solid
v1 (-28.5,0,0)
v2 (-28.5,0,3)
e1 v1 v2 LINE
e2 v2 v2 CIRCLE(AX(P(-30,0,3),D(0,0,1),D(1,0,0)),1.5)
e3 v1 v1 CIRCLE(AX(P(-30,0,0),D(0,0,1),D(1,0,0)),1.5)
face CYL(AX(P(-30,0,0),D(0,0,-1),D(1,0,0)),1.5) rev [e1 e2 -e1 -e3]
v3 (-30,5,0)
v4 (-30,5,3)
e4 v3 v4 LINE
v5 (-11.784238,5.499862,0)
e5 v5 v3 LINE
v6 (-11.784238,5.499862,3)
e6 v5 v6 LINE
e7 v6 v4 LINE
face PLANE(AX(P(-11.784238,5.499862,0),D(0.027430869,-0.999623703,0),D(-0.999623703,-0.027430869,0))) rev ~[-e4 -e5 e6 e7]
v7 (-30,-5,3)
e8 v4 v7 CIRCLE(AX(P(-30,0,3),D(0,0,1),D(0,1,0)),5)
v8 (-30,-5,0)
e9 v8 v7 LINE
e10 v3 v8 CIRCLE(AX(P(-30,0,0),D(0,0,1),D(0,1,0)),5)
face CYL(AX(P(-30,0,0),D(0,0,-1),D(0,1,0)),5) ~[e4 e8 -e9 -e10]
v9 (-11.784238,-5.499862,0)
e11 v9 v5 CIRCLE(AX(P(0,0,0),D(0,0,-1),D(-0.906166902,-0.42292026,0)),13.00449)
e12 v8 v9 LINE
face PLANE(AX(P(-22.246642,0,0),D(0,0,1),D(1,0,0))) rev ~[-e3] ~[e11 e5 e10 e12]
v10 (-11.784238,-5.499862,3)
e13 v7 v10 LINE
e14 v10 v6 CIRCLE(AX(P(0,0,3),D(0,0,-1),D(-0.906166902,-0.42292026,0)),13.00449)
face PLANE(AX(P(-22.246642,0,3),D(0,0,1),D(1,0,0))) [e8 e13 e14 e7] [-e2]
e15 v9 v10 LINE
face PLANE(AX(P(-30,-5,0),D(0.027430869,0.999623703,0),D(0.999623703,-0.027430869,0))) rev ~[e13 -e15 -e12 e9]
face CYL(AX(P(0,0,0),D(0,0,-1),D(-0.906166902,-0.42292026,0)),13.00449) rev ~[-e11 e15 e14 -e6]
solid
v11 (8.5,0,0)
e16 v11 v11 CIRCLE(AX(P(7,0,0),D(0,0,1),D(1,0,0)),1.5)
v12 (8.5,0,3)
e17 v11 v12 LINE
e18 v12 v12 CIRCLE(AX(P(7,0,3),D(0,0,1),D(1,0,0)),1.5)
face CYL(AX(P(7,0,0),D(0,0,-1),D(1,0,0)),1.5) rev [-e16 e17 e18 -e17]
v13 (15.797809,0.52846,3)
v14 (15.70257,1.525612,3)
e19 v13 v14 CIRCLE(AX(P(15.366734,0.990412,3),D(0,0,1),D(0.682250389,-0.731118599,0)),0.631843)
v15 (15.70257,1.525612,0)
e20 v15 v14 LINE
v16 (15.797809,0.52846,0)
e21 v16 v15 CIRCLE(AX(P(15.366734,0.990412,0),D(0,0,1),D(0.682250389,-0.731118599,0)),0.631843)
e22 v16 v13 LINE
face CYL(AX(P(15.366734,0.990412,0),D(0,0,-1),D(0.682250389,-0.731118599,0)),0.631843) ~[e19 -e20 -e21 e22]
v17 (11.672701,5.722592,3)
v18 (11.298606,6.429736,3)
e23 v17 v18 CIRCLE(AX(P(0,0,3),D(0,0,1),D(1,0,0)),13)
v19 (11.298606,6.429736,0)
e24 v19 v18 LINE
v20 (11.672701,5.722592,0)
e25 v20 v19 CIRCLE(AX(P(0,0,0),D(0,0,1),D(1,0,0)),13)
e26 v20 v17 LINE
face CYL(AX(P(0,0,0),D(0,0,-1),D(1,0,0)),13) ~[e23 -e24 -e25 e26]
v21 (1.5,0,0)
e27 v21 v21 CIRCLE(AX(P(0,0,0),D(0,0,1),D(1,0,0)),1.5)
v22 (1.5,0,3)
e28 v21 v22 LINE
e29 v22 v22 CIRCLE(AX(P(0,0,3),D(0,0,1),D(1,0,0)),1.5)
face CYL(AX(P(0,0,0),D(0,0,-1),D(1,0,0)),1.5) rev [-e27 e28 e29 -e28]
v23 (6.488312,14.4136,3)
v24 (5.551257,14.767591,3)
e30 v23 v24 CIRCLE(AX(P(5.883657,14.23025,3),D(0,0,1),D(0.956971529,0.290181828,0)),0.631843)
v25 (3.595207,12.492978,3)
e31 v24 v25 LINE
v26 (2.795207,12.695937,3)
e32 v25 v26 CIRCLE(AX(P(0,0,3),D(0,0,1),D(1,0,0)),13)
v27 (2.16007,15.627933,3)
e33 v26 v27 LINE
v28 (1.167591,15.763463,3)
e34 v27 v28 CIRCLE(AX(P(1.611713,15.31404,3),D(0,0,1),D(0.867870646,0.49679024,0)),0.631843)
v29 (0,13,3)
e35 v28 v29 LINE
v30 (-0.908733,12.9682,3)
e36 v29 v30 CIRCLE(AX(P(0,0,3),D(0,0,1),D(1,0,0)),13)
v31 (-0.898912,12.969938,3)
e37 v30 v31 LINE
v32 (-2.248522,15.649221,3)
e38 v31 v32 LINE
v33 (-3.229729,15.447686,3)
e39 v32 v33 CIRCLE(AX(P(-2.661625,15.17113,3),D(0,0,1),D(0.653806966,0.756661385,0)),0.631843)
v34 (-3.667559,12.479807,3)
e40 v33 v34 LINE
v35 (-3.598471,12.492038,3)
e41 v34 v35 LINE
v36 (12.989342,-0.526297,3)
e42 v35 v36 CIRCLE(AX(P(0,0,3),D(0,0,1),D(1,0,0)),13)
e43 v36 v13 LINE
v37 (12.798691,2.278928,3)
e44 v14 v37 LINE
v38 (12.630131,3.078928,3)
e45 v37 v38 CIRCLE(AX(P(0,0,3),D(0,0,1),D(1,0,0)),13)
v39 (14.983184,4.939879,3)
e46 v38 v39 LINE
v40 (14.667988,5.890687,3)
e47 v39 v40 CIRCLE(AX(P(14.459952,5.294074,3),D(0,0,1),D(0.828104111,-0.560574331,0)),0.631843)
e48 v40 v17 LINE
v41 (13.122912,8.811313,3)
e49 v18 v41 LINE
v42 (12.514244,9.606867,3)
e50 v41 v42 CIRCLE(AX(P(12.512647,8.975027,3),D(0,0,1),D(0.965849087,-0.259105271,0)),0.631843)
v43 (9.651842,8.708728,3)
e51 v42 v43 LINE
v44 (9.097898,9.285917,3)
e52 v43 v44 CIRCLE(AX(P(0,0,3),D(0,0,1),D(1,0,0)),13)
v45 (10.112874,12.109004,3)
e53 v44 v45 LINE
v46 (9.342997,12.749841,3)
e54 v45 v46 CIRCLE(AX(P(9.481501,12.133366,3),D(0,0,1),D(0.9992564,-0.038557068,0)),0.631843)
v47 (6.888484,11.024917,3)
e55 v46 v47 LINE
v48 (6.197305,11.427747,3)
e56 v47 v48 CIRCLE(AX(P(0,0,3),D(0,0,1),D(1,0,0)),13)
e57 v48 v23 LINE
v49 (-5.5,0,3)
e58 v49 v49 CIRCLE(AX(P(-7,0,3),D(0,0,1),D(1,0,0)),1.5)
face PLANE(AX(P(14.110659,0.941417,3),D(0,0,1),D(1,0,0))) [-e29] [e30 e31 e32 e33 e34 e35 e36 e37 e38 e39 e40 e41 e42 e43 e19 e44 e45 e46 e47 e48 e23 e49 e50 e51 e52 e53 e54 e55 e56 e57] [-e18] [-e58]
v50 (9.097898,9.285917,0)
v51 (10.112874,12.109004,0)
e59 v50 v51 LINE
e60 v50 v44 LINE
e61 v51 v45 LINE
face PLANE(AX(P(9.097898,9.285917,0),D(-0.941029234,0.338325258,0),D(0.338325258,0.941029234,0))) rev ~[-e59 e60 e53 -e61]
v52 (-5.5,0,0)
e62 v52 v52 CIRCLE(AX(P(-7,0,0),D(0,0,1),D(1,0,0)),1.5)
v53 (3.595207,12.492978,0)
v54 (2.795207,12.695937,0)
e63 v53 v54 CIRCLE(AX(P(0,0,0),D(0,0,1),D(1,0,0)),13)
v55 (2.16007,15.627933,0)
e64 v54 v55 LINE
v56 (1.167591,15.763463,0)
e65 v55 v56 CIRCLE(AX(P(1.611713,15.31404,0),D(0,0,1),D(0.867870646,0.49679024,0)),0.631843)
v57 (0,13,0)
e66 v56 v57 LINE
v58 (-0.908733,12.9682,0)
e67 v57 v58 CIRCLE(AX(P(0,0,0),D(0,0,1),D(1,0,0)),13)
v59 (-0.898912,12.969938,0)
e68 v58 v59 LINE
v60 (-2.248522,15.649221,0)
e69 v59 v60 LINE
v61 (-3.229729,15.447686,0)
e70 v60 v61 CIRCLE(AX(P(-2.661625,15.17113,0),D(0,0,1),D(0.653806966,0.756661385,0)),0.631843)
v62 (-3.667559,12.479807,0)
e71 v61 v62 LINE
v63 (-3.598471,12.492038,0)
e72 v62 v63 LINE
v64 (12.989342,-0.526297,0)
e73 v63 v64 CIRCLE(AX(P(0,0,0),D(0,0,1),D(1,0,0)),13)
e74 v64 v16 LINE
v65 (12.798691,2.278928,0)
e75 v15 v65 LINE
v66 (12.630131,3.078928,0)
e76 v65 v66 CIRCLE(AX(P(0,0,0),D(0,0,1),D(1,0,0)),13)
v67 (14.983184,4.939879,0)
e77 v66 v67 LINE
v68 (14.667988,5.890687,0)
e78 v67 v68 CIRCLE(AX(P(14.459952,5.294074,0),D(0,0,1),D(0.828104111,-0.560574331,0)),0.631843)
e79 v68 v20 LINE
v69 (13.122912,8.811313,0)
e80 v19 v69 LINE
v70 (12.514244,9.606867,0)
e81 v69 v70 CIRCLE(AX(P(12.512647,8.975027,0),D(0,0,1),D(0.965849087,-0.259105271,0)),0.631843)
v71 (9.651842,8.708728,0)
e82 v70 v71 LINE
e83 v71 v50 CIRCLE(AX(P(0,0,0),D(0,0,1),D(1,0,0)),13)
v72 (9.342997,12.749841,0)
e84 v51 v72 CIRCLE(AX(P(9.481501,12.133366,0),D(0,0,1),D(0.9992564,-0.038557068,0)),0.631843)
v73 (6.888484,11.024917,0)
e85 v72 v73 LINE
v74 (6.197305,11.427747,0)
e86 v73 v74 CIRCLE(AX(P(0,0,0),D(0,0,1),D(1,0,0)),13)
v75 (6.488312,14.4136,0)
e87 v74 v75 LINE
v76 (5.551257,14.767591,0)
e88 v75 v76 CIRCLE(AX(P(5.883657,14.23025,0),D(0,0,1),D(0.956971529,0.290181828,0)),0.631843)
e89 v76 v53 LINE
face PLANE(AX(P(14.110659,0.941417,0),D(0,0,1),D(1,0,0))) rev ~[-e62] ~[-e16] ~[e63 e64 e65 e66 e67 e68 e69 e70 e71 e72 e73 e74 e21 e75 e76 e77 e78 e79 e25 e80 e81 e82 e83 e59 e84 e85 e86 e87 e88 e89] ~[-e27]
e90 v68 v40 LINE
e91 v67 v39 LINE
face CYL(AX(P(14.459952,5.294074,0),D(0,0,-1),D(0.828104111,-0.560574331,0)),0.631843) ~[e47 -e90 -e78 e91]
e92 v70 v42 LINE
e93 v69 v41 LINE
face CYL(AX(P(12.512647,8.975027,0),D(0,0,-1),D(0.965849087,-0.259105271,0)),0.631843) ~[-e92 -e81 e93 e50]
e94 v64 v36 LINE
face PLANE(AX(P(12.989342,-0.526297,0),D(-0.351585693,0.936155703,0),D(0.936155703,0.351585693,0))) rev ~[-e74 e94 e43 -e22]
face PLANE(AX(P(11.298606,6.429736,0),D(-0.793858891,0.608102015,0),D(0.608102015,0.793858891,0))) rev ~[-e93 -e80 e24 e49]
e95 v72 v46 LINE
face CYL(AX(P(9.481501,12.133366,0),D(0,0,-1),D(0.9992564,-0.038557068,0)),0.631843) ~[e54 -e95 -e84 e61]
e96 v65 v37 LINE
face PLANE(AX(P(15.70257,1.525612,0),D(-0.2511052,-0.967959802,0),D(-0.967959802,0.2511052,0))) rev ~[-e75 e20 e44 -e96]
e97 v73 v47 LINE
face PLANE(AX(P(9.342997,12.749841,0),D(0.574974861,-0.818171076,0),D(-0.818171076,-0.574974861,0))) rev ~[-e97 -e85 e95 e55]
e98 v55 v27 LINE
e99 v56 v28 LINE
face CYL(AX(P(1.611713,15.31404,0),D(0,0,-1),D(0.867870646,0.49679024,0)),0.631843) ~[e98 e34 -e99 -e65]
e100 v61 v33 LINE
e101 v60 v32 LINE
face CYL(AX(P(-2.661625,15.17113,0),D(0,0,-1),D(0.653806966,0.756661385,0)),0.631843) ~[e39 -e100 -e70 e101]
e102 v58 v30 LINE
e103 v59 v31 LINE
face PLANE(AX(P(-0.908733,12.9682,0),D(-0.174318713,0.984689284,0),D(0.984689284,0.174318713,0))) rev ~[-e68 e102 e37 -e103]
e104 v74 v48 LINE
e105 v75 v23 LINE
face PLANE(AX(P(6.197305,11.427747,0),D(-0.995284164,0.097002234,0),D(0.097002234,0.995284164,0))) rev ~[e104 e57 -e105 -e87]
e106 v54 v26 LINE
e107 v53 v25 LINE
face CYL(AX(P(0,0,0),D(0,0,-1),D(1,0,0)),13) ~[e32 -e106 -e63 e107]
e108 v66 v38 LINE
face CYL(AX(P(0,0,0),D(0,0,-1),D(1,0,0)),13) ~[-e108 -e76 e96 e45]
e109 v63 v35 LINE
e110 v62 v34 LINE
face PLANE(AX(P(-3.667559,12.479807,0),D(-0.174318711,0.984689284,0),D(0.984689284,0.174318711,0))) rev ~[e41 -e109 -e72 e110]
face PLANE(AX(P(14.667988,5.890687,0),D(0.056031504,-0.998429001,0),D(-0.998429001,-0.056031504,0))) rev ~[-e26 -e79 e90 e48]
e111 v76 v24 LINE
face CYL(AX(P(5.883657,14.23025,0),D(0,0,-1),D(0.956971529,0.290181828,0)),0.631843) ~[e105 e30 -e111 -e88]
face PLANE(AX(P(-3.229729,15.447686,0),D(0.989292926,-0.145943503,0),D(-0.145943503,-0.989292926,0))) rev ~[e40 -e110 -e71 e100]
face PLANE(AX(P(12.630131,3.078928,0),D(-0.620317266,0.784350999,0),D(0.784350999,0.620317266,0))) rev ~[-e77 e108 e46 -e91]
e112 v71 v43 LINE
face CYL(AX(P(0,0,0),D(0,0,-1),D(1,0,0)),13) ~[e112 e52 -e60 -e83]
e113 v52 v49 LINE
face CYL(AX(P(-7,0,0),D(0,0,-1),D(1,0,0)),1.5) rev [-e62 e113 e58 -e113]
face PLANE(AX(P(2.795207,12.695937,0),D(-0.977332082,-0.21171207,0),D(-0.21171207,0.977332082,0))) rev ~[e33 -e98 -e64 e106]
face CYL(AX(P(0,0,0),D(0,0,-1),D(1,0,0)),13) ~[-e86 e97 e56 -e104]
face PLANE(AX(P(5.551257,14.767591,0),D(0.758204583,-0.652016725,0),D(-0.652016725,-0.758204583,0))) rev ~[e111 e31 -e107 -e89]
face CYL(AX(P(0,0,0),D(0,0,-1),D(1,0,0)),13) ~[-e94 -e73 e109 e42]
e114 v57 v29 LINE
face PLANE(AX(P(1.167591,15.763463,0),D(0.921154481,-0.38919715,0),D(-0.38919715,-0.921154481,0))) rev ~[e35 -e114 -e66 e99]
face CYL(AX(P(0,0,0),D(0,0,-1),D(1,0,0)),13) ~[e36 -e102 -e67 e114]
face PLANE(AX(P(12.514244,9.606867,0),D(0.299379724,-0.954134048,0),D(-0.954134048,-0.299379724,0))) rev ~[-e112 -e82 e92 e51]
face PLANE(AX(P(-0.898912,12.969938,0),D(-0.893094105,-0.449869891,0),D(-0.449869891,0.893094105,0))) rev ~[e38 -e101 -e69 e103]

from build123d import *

# Parameters (mm, degrees)
SCHIZZO1_R                   = 13
SCHIZZO1_R_2                 = 1.5
ESTRUSIONE_ESTRUSIONE1_DEPTH = 3
SCHIZZO2_R                   = 1.5
ESTRUSIONE_ESTRUSIONE2_DEPTH = 3
ESTRUSIONE_ESTRUSIONE3_DEPTH = 3


with BuildPart() as part:
    # Schizzo1 → Estrusione-Estrusione1 (new body)
    with BuildSketch(Plane.XY):
        Circle(SCHIZZO1_R)
        with Locations((-7, 0)):
            Circle(SCHIZZO1_R_2, mode=Mode.SUBTRACT)
        with Locations((7, 0)):
            Circle(SCHIZZO1_R_2, mode=Mode.SUBTRACT)
        Circle(SCHIZZO1_R_2, mode=Mode.SUBTRACT)
    extrude(amount=ESTRUSIONE_ESTRUSIONE1_DEPTH)

    # Schizzo3 → Estrusione-Estrusione3 (add)
    with BuildSketch(Plane.XY):
        with BuildLine():
            ThreePointArc((2.160070392, 15.627933395), (1.697201955, 15.940072625), (1.16759145, 15.763463444))
            Line((1.16759145, 15.763463444), (0, 13))
            ThreePointArc((0, 13), (1.40584798, 12.923760732), (2.795206602, 12.695937147))
            Line((2.795206602, 12.695937147), (2.160070392, 15.627933395))
        make_face()
        with BuildLine():
            ThreePointArc((-3.598471304, 12.492037635), (-2.266143189, 12.800960708), (-0.908732869, 12.968199743))
            Line((-0.908732869, 12.968199743), (-0.898912385, 12.969938255))
            Line((-0.898912385, 12.969938255), (-2.248522058, 15.649220571))
            ThreePointArc((-2.248522058, 15.649220571), (-2.78874852, 15.790051886), (-3.229728761, 15.44768583))
            Line((-3.229728761, 15.44768583), (-3.667559269, 12.479807051))
            Line((-3.667559269, 12.479807051), (-3.598471304, 12.492037635))
        make_face()
        with BuildLine():
            Line((5.551256778, 14.767591357), (3.595206602, 12.492977607))
            ThreePointArc((3.595206602, 12.492977607), (4.925139788, 12.030918422), (6.197305427, 11.427747173))
            Line((6.197305427, 11.427747173), (6.488312128, 14.413599664))
            ThreePointArc((6.488312128, 14.413599664), (6.106946442, 14.821322981), (5.551256778, 14.767591357))
        make_face()
        with BuildLine():
            ThreePointArc((12.798690895, 2.278927679), (12.970080361, 0.881484793), (12.989342221, -0.526297133))
            Line((12.989342221, -0.526297133), (15.79780933, 0.528459946))
            ThreePointArc((15.79780933, 0.528459946), (15.995714682, 1.050486345), (15.702570302, 1.525612078))
            Line((15.702570302, 1.525612078), (12.798690895, 2.278927679))
        make_face()
        with BuildLine():
            Line((9.342997115, 12.74984135), (6.888483888, 11.024916768))
            ThreePointArc((6.888483888, 11.024916768), (8.040344195, 10.215325018), (9.097898355, 9.285916515))
            Line((9.097898355, 9.285916515), (10.112874129, 12.109004218))
            ThreePointArc((10.112874129, 12.109004218), (9.885726441, 12.618986587), (9.342997115, 12.74984135))
        make_face()
        with BuildLine():
            Line((12.514244156, 9.60686731), (9.651842013, 8.708728137))
            ThreePointArc((9.651842013, 8.708728137), (10.53701882, 7.613884317), (11.298605688, 6.429736349))
            Line((11.298605688, 6.429736349), (13.122911734, 8.811313022))
            ThreePointArc((13.122911734, 8.811313022), (13.014464163, 9.358960001), (12.514244156, 9.60686731))
        make_face()
        with BuildLine():
            ThreePointArc((11.672700614, 5.722592102), (12.223098799, 4.426720655), (12.630130813, 3.078927679))
            Line((12.630130813, 3.078927679), (14.983183808, 4.939879478))
            ThreePointArc((14.983183808, 4.939879478), (15.059699232, 5.49289257), (14.667987618, 5.890686613))
            Line((14.667987618, 5.890686613), (11.672700614, 5.722592102))
        make_face()
    extrude(amount=ESTRUSIONE_ESTRUSIONE3_DEPTH)


with BuildPart() as body_2:
    # Schizzo2 → Estrusione-Estrusione2 (new body)
    with BuildSketch(Plane.XY):
        with BuildLine():
            Line((-11.784238345, 5.499862263), (-30, 5))
            ThreePointArc((-30, 5), (-35, 0), (-30, -5))
            Line((-30, -5), (-11.784238345, -5.499862263))
            ThreePointArc((-11.784238345, -5.499862263), (-13.004489928, 0), (-11.784238345, 5.499862263))
        make_face()
        with Locations((-30, 0)):
            Circle(SCHIZZO2_R, mode=Mode.SUBTRACT)
    extrude(amount=ESTRUSIONE_ESTRUSIONE2_DEPTH)


solid = Compound([part.part, body_2.part])
